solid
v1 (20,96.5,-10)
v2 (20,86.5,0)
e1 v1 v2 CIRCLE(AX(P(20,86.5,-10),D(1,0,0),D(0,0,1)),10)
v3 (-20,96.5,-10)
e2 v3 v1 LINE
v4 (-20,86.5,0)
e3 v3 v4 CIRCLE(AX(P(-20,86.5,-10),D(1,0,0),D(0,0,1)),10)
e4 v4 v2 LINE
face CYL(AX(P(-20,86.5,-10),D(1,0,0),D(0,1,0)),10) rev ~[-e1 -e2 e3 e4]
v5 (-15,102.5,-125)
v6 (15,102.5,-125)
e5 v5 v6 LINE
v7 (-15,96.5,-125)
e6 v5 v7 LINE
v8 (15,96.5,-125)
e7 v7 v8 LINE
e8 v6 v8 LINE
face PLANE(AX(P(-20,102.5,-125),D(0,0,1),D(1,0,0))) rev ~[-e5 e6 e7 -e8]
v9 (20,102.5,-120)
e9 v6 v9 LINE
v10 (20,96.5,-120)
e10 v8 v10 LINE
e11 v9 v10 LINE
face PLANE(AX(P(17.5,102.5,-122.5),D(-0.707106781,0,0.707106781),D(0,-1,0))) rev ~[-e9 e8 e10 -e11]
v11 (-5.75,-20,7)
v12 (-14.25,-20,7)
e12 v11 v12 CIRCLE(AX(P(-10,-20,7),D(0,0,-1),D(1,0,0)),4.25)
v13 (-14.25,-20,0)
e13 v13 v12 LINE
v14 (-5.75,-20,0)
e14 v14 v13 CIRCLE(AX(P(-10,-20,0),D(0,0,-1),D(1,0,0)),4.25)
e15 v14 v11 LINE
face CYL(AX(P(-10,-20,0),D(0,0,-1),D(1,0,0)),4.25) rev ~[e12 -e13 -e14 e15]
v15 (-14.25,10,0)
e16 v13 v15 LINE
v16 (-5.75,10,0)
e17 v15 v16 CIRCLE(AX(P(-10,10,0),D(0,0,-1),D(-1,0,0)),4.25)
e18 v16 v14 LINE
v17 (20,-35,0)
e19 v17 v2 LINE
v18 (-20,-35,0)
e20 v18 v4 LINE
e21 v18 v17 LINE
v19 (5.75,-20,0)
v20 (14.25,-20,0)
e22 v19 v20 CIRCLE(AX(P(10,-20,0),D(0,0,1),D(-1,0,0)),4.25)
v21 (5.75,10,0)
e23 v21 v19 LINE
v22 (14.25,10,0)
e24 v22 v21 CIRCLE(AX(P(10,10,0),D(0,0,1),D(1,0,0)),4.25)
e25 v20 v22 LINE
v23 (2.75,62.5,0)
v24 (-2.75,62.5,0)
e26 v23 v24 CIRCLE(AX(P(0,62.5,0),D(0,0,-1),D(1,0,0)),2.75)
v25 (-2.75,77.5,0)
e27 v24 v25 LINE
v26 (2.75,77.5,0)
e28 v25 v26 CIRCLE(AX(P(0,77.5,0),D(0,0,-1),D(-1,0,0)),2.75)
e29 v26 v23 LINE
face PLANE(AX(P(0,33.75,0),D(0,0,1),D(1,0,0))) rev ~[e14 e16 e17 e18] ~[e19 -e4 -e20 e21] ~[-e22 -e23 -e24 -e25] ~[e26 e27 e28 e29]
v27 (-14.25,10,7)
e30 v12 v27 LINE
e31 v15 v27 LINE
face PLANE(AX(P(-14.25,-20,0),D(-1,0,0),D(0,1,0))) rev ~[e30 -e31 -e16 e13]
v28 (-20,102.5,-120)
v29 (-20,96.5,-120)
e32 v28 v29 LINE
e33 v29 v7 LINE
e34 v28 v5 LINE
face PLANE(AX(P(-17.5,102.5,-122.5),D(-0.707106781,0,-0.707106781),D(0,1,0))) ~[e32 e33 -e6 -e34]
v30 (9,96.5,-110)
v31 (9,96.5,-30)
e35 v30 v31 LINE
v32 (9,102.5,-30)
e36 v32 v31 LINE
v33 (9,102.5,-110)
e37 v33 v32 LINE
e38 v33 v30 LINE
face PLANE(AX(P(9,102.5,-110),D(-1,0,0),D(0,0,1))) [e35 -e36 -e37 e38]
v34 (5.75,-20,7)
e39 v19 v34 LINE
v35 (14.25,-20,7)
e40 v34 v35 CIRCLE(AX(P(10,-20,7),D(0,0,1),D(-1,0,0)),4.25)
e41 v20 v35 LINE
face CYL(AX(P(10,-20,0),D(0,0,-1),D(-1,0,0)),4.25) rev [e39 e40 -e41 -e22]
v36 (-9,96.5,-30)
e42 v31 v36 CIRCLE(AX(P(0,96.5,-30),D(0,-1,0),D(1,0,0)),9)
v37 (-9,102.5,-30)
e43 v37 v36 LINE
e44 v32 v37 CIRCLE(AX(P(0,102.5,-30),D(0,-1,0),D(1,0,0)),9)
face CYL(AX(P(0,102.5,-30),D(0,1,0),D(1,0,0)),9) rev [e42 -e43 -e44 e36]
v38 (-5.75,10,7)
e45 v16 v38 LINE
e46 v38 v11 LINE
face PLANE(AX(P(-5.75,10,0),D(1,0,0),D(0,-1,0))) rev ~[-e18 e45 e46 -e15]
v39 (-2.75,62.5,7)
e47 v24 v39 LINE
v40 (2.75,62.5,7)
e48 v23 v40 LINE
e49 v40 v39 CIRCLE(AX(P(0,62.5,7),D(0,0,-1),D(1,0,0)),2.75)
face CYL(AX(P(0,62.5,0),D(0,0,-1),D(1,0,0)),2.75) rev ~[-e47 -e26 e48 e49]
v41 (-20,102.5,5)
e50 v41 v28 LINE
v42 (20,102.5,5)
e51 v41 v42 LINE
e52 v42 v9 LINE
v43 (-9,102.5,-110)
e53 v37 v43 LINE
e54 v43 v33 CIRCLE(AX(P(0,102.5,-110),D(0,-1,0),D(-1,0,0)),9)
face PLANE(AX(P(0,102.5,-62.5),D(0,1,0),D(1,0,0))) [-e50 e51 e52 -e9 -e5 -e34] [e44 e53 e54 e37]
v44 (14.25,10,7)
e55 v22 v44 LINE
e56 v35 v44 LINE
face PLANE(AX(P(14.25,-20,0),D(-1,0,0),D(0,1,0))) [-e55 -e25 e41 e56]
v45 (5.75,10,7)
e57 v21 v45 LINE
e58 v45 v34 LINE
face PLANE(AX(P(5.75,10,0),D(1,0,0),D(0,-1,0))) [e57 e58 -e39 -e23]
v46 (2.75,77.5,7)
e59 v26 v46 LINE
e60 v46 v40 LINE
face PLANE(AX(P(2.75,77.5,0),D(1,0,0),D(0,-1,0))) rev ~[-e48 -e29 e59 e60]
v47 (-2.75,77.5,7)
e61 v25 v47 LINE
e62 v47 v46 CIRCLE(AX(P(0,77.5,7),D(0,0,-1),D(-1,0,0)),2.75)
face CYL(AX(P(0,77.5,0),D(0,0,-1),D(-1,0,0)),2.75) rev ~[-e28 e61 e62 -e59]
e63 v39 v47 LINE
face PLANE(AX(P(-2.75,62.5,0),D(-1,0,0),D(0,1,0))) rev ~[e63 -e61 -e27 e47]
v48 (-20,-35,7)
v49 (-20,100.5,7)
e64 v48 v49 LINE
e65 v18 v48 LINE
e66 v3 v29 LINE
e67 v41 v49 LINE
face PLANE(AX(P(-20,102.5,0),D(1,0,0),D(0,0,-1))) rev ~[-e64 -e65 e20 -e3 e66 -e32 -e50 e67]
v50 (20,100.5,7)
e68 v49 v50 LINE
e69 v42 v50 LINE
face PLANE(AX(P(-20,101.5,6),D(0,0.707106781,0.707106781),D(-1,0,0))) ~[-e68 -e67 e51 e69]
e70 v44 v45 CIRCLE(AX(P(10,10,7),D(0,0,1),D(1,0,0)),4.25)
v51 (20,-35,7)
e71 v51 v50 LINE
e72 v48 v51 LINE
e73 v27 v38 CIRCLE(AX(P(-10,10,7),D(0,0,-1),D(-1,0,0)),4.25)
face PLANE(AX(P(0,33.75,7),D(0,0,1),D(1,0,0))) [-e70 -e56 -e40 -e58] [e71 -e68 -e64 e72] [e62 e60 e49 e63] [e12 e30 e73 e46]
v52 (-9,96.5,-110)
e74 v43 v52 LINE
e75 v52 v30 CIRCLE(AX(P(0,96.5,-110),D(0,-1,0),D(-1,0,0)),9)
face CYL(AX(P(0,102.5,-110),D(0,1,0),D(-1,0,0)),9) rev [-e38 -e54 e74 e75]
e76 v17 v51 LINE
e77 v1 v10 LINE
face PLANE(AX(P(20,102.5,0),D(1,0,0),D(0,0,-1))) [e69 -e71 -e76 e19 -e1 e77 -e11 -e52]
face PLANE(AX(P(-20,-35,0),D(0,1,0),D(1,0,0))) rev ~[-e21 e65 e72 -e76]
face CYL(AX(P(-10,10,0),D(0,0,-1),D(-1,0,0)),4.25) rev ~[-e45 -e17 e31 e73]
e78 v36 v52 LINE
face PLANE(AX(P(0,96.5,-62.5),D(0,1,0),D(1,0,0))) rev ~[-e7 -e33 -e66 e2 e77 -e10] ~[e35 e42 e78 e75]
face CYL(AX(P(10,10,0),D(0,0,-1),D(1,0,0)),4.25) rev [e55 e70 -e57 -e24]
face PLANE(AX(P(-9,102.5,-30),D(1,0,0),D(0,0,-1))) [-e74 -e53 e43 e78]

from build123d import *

# Parameters (mm, degrees)
SKETCH2_W           = 40
SKETCH2_H           = 137.5
BOSS_EXTRUDE1_DEPTH = 7
SKETCH4_W           = 40
SKETCH4_H           = 125
BOSS_EXTRUDE2_DEPTH = 6
FILLET1_R           = 10
CHAMFER1_SIZE       = 5
CHAMFER2_SIZE       = 2


with BuildPart() as part:
    # Sketch2 → Boss-Extrude1 (new body)
    with BuildSketch(Plane.XY):
        with Locations((0, 33.75)):
            Rectangle(SKETCH2_W, SKETCH2_H)
        with BuildLine():
            Line((-5.75, 10), (-5.75, -20))
            ThreePointArc((-5.75, -20), (-10, -24.25), (-14.25, -20))
            Line((-14.25, -20), (-14.25, 10))
            ThreePointArc((-14.25, 10), (-10, 14.25), (-5.75, 10))
        make_face(mode=Mode.SUBTRACT)
        with BuildLine():
            Line((5.75, 10), (5.75, -20))
            ThreePointArc((5.75, -20), (10, -24.25), (14.25, -20))
            Line((14.25, -20), (14.25, 10))
            ThreePointArc((14.25, 10), (10, 14.25), (5.75, 10))
        make_face(mode=Mode.SUBTRACT)
        with BuildLine():
            Line((2.75, 77.5), (2.75, 62.5))
            ThreePointArc((2.75, 62.5), (0, 59.75), (-2.75, 62.5))
            Line((-2.75, 62.5), (-2.75, 77.5))
            ThreePointArc((-2.75, 77.5), (0, 80.25), (2.75, 77.5))
        make_face(mode=Mode.SUBTRACT)
    extrude(amount=BOSS_EXTRUDE1_DEPTH)

    # Sketch4 → Boss-Extrude2 (add)
    with BuildSketch(Plane(origin=(0, 102.5, 0), x_dir=(1, 0, 0), z_dir=(0, 1, 0))):
        with Locations((0, 62.5)):
            Rectangle(SKETCH4_W, SKETCH4_H)
        with BuildLine():
            Line((-9, 30), (-9, 110))
            ThreePointArc((-9, 110), (0, 119), (9, 110))
            Line((9, 110), (9, 30))
            ThreePointArc((9, 30), (0, 21), (-9, 30))
        make_face(mode=Mode.SUBTRACT)
    extrude(amount=-BOSS_EXTRUDE2_DEPTH)

    # Fillet1
    fillet1_edges = [part.edges().sort_by_distance(p)[0] for p in [
        (0, 96.5, 0),
    ]]
    fillet(fillet1_edges, radius=FILLET1_R)

    # Chamfer1
    chamfer1_edges = [part.edges().sort_by_distance(p)[0] for p in [
        (-20, 99.5, -125),
        (20, 99.5, -125),
    ]]
    chamfer(chamfer1_edges, length=CHAMFER1_SIZE)

    # Chamfer2
    chamfer2_edges = [part.edges().sort_by_distance(p)[0] for p in [
        (0, 102.5, 7),
    ]]
    chamfer(chamfer2_edges, length=CHAMFER2_SIZE)


solid = part.part
